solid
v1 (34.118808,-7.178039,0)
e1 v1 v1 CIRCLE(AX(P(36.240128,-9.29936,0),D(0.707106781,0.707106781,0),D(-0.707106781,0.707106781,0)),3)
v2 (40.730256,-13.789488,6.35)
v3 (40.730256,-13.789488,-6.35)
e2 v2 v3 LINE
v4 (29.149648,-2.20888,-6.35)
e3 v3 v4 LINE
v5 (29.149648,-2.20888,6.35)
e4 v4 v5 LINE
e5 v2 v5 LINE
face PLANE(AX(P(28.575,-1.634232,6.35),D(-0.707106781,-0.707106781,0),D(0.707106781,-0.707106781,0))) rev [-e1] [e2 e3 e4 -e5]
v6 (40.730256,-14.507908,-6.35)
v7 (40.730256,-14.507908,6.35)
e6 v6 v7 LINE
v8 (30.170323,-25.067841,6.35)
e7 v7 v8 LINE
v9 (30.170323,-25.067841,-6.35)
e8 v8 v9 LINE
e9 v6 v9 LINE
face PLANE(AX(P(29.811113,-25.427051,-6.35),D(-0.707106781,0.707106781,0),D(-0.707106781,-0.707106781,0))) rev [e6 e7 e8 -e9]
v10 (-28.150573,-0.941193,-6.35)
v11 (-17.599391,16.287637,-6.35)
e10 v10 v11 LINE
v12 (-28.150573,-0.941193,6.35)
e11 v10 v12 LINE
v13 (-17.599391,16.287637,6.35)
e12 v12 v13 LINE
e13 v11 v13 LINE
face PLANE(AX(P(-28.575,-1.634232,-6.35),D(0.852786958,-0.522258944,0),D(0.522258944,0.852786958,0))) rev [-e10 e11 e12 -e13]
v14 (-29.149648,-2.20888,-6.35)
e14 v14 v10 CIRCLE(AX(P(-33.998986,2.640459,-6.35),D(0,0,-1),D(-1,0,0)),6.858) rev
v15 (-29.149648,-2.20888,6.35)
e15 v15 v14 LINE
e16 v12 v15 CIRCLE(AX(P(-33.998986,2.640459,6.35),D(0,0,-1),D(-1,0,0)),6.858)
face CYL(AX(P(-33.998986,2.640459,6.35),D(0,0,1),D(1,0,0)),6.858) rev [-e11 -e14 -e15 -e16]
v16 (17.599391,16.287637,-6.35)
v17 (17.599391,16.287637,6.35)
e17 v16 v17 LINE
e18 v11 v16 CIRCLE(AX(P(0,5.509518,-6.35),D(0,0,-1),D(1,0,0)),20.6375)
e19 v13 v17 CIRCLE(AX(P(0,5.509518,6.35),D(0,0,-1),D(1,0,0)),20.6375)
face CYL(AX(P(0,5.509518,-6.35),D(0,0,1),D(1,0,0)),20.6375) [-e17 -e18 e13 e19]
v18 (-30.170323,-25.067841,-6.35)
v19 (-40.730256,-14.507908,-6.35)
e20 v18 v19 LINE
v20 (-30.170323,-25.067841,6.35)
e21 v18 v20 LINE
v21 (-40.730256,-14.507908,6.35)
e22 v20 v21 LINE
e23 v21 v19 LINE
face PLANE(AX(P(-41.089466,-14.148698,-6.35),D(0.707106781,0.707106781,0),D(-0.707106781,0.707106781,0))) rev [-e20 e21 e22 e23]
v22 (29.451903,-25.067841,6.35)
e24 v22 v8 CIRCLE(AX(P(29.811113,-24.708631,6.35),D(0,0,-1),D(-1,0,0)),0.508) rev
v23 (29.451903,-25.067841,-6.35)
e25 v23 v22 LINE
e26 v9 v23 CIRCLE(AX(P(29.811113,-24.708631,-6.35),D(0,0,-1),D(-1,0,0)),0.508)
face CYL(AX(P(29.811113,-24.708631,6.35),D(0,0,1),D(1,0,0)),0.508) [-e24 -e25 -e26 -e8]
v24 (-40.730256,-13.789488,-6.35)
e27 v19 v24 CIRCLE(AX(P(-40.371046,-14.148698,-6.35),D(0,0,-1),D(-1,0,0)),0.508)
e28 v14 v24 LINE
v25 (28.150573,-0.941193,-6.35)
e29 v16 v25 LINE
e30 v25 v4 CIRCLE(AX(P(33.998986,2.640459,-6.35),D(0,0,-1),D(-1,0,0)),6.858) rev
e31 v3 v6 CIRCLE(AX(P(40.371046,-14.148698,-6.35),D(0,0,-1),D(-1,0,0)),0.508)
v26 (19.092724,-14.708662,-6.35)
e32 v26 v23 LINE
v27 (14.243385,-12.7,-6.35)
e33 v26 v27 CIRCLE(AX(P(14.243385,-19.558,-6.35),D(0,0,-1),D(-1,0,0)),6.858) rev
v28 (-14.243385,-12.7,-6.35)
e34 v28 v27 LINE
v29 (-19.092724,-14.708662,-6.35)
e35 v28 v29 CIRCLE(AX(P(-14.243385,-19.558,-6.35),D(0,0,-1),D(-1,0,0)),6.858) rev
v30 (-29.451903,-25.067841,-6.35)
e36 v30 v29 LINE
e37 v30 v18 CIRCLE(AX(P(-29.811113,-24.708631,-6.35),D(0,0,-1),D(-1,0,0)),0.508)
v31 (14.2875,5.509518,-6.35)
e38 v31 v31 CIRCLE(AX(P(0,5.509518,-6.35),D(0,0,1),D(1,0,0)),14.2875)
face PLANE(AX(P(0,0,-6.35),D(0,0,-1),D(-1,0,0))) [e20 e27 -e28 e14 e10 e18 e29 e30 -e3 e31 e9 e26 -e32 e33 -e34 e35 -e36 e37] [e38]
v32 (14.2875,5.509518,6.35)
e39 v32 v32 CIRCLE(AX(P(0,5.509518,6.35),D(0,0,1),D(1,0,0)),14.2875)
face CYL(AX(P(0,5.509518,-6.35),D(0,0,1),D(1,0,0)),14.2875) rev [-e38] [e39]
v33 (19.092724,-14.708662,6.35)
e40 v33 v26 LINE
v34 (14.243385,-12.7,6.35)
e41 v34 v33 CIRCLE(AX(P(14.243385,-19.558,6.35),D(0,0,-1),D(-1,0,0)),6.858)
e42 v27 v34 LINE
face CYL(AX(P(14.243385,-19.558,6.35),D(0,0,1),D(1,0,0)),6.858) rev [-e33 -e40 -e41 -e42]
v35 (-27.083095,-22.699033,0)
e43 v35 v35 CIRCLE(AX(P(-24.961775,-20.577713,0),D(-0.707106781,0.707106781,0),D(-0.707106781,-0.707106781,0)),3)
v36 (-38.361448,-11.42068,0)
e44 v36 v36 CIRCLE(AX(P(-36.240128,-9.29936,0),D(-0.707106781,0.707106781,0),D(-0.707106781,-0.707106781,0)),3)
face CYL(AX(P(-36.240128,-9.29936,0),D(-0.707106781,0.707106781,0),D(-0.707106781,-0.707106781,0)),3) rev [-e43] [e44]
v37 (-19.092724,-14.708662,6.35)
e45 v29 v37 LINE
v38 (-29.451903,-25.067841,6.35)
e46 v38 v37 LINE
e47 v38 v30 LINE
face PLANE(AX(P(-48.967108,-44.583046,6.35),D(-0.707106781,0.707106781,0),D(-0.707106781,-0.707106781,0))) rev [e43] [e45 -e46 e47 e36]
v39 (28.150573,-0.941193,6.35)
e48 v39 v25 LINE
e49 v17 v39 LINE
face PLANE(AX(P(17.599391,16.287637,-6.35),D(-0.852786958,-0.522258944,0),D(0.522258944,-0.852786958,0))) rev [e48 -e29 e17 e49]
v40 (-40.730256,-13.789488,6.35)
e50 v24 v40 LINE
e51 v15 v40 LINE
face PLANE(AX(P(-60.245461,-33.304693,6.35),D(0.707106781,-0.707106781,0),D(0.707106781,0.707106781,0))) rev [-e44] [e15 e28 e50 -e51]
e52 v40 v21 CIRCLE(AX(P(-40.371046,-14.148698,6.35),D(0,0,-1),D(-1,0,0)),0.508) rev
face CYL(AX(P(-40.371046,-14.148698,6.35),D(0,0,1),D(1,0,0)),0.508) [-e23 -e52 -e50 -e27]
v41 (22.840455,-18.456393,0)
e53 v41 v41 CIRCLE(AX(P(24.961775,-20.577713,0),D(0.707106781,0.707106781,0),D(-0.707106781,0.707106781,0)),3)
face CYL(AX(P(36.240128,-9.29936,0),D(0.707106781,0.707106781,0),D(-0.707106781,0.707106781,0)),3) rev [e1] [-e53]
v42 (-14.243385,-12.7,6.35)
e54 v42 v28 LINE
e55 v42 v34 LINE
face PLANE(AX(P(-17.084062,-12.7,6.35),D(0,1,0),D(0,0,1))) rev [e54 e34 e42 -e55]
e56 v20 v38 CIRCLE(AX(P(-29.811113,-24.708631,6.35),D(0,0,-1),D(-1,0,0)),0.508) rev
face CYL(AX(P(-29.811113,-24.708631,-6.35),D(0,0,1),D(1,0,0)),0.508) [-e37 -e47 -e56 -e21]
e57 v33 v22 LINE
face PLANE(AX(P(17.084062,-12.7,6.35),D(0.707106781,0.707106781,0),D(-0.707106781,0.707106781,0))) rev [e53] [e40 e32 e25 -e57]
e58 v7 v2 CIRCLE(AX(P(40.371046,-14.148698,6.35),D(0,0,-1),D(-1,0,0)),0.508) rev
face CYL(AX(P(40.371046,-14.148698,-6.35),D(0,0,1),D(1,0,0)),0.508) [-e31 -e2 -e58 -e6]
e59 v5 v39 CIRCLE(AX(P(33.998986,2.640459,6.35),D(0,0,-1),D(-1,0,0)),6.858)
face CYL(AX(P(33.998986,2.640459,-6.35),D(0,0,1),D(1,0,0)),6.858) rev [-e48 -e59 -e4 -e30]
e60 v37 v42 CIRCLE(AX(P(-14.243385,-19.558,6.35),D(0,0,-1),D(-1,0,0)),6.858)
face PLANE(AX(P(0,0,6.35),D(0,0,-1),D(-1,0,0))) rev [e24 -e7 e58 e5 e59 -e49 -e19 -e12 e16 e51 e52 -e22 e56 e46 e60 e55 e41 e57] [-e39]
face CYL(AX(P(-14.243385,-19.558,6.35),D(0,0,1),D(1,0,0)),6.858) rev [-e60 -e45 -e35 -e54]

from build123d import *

# Parameters (mm, degrees)
BOSS_EXTRUDE1_DEPTH             = 6.35
SKETCH2_R                       = 14.2875
CUT_EXTRUDE1_DEPTH              = 141.169556232
F_6_0MM_CLEARANCE_DOWEL_HOLE1_D = 6
CUT_EXTRUDE2_DEPTH              = 77.016140262
CUT_EXTRUDE3_DEPTH              = 55.213982826
FILLET1_R                       = 6.858
FILLET2_R                       = 0.508


with BuildPart() as part:
    # Sketch1 → Boss-Extrude1 (new, symmetric)
    with BuildSketch(Plane.XY):
        Polygon((-48.967108015, -44.583045972), (-17.084062043, -12.7), (17.084062043, -12.7), (48.967108015, -44.583045972), (60.245461175, -33.304692812), (28.575, -1.634231637), (28.575, 33.007903412), (-28.575, 33.007903412), (-28.575, -1.634231637), (-60.245461175, -33.304692812), align=None)
    extrude(amount=BOSS_EXTRUDE1_DEPTH, both=True)

    # Sketch2 → Cut-Extrude1 (cut, through all)
    with BuildSketch(Plane(origin=(0, -92.915481637, 6.35), x_dir=(1, 0, 0), z_dir=(0, 0, 1))):
        with Locations((0, 98.425)):
            Circle(SKETCH2_R)
    extrude(amount=-CUT_EXTRUDE1_DEPTH, mode=Mode.SUBTRACT)

    # Ø6.0mm Clearance Dowel Hole1 (through all)
    with Locations(Plane(origin=(-59.928125, -32.987356637, 33.65), x_dir=(0, 0, 1), z_dir=(-0.7071067811865488, 0.7071067811865464, 0))):
        with Locations((-33.65, 33.499886537)):
            f_6_0mm_clearance_dowel_hole1 = Hole(F_6_0MM_CLEARANCE_DOWEL_HOLE1_D / 2)

    # Sketch5 → Cut-Extrude2 (cut, through all)
    with BuildSketch(Plane.XY.offset(6.35)):
        Polygon((-41.089466366, -14.148698003), (-29.811113206, -25.427051163), (29.811113206, -25.427051163), (41.089466366, -14.148698003), (91.882290576, -14.148698003), (91.882290576, -80.233341252), (-80.675634817, -80.233341252), (-80.675634817, -14.148698003), align=None)
    extrude(amount=-CUT_EXTRUDE2_DEPTH, mode=Mode.SUBTRACT)

    # Mirror1: Ø6.0mm Clearance Dowel Hole1 across plane
    add(f_6_0mm_clearance_dowel_hole1.mirror(Plane(origin=(0, 0, 0), x_dir=(0, 0, 1), z_dir=(1, 0, 0))), mode=Mode.SUBTRACT)

    # Sketch6 → Cut-Extrude3 (cut, through all)
    with BuildSketch(Plane.XY.offset(6.35)):
        with BuildLine():
            Line((-28.575, -1.634231637), (-17.599390848, 16.28763731))
            ThreePointArc((-17.599390848, 16.28763731), (0, 26.147018363), (17.599390848, 16.28763731))
            Line((17.599390848, 16.28763731), (28.575, -1.634231637))
            Line((28.575, -1.634231637), (28.575, 33.007903412))
            Line((28.575, 33.007903412), (-28.575, 33.007903412))
            Line((-28.575, 33.007903412), (-28.575, -1.634231637))
        make_face()
    extrude(amount=-CUT_EXTRUDE3_DEPTH, mode=Mode.SUBTRACT)

    # Fillet1
    fillet1_edges = [part.edges().sort_by_distance(p)[0] for p in [
        (-28.575, -1.634231637, 0),
        (28.575, -1.634231637, 0),
        (17.084062043, -12.7, 0),
        (-17.084062043, -12.7, 0),
    ]]
    fillet(fillet1_edges, radius=FILLET1_R)

    # Fillet2
    fillet2_edges = [part.edges().sort_by_distance(p)[0] for p in [
        (-41.089466366, -14.148698003, 0),
        (-29.811113206, -25.427051163, 0),
        (29.811113206, -25.427051163, 0),
        (41.089466366, -14.148698003, 0),
    ]]
    fillet(fillet2_edges, radius=FILLET2_R)


solid = part.part
